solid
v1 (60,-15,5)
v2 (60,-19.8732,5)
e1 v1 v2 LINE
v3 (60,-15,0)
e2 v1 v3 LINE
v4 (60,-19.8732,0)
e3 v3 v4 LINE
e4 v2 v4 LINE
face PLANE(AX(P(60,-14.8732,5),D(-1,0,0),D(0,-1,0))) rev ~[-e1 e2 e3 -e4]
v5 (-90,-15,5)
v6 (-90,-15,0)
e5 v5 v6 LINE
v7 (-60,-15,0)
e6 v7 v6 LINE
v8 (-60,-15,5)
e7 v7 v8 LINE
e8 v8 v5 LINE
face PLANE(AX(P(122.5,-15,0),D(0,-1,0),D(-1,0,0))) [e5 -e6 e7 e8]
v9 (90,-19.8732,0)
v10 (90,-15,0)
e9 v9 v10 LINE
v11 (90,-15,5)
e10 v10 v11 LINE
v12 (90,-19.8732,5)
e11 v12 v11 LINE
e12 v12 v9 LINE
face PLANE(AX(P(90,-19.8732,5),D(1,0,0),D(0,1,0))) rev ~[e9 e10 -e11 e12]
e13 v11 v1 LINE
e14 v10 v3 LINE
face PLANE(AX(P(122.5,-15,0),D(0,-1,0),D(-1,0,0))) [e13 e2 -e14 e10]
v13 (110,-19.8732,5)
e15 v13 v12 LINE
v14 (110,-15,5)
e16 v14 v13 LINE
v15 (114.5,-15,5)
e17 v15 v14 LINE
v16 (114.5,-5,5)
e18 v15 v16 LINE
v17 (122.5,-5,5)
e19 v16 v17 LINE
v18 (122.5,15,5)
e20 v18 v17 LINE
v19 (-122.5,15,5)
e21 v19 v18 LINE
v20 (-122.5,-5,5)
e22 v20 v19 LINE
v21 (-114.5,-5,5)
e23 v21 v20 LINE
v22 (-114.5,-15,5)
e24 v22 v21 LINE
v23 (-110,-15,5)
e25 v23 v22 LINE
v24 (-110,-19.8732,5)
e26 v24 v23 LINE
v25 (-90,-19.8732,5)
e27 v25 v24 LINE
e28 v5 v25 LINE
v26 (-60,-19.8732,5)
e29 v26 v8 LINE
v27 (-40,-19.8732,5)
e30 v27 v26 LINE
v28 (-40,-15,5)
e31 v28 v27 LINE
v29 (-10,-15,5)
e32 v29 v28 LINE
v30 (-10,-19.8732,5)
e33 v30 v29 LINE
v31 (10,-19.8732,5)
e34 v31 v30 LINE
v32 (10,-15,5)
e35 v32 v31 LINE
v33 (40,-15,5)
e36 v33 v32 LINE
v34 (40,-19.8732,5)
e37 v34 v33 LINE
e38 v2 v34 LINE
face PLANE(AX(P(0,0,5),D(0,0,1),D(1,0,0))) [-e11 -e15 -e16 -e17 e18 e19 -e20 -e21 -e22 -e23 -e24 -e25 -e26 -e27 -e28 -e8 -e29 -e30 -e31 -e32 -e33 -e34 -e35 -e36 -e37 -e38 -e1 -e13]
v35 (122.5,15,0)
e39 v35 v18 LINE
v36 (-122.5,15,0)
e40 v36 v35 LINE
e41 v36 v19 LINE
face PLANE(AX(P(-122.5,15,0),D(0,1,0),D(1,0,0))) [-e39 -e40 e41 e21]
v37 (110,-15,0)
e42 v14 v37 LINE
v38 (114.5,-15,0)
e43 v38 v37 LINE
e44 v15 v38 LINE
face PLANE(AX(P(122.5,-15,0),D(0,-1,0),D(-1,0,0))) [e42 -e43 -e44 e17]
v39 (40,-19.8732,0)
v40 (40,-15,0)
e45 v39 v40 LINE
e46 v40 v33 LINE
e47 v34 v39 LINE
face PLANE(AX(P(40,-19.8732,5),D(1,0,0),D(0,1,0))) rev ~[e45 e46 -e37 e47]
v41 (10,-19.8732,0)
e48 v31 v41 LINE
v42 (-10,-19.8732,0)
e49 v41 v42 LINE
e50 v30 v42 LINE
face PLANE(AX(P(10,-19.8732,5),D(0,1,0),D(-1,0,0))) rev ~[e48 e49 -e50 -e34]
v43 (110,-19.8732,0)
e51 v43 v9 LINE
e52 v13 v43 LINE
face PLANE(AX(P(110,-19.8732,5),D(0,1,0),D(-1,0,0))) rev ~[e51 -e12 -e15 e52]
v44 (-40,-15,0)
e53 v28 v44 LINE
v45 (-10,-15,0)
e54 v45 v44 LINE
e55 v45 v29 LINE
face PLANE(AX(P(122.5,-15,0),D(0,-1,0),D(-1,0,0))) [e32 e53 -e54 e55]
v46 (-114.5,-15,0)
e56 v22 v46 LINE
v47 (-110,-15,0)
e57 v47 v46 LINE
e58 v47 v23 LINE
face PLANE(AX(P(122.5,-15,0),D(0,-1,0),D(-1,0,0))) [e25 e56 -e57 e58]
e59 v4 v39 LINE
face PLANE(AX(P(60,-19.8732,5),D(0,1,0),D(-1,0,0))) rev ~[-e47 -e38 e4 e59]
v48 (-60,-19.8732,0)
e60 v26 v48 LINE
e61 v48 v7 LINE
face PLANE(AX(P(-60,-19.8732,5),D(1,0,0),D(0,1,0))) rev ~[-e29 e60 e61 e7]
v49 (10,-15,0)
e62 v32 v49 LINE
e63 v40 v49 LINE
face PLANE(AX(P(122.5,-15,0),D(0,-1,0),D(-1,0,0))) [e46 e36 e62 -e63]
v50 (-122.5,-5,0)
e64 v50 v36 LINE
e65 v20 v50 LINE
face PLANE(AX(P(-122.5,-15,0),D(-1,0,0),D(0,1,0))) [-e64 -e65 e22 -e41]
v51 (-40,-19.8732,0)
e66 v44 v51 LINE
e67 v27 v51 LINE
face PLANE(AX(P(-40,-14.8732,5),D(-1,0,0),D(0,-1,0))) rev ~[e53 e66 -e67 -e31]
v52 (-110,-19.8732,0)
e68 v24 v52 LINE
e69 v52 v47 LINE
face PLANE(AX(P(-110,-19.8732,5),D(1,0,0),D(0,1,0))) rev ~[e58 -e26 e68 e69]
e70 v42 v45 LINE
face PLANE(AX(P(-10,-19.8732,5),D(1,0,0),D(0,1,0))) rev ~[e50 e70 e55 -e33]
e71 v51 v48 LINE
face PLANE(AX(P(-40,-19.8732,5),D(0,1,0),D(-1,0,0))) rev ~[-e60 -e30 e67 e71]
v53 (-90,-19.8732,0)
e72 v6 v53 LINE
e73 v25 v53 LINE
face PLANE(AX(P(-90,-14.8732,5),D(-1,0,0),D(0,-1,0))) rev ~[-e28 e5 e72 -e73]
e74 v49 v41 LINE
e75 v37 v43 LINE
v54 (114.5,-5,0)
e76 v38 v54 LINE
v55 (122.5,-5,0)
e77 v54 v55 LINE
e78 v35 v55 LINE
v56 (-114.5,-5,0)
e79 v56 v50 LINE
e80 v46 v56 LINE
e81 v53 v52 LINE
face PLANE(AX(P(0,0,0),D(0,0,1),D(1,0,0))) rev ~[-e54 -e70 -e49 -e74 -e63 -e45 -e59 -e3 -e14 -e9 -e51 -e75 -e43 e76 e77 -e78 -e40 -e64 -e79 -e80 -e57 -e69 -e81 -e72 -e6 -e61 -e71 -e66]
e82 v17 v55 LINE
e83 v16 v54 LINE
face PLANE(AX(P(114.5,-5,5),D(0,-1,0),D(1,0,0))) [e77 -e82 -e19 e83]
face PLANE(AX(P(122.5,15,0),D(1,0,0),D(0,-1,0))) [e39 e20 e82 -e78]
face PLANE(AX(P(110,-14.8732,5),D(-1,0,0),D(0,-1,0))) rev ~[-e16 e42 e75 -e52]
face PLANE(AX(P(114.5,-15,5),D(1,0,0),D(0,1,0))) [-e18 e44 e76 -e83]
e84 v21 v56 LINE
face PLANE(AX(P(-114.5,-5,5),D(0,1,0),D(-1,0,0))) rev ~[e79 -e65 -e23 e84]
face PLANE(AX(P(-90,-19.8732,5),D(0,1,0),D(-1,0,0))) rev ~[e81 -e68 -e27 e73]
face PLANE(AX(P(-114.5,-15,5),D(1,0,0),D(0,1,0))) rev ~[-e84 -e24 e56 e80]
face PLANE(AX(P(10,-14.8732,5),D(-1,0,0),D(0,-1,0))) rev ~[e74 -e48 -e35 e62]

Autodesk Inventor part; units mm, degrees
ref_plane "YZ Plane" through (0, 0, 0) normal (1, 0, 0) x (0, 1, 0)
ref_plane "XZ Plane" through (0, 0, 0) normal (0, 1, 0) x (-1, 0, 0)
ref_plane "XY Plane" through (0, 0, 0) normal (0, 0, 1) x (1, 0, 0)
sketch "Sketch1" plane through (0, 0, 0) normal (0, 0, 1) x (1, 0, 0)
  line L0 (-122.5, 15) -> (122.5, 15)
  line L1 (122.5, 15) -> (122.5, -15)
  line L2 (122.5, -15) -> (-122.5, -15)
  line L3 (-122.5, -15) -> (-122.5, 15)
  line L4 (-122.5, 15) -> (122.5, -15) construction
  line L5 (122.5, 15) -> (-122.5, -15) construction
  point P0 (0, 0)
  dimension "d0" = 30
  dimension "d1" = 245
extrude "Extrusion1" add sketch "Sketch1" along normal blind 5
sketch "Sketch2" plane through (0, 0, 5) normal (0, 0, 1) x (1, 0, 0)
  line L0 (-110, -14.8732) -> (-90, -14.8732)
  line L1 (-90, -14.8732) -> (-90, -19.8732)
  line L2 (-90, -19.8732) -> (-110, -19.8732)
  line L3 (-110, -19.8732) -> (-110, -14.8732)
  line L4 (-122.5, 15) -> (-122.5, -15) projected
  line L5 (-60, -14.8732) -> (-40, -14.8732)
  line L6 (-40, -14.8732) -> (-40, -19.8732)
  line L7 (-40, -19.8732) -> (-60, -19.8732)
  line L8 (-60, -19.8732) -> (-60, -14.8732)
  line L9 (-10, -14.8732) -> (10, -14.8732)
  line L10 (10, -14.8732) -> (10, -19.8732)
  line L11 (10, -19.8732) -> (-10, -19.8732)
  line L12 (-10, -19.8732) -> (-10, -14.8732)
  line L13 (40, -14.8732) -> (60, -14.8732)
  line L14 (60, -14.8732) -> (60, -19.8732)
  line L15 (60, -19.8732) -> (40, -19.8732)
  line L16 (40, -19.8732) -> (40, -14.8732)
  line L17 (90, -14.8732) -> (110, -14.8732)
  line L18 (110, -14.8732) -> (110, -19.8732)
  line L19 (110, -19.8732) -> (90, -19.8732)
  line L20 (90, -19.8732) -> (90, -14.8732)
  point P0 (0, 0)
  dimension "d4" = 20
  dimension "d5" = 5
  dimension "d6" = 12.5
  dimension "d9" = 50
extrude "Extrusion2" add sketch "Sketch2" against normal blind 5
sketch "Sketch3" plane through (0, 0, 5) normal (0, 0, 1) x (1, 0, 0)
  line L0 (-122.5, 15) -> (-122.5, -15) projected
  line L1 (-122.5, -15) -> (-114.5, -15)
  line L2 (-114.5, -15) -> (-114.5, -5)
  line L3 (-114.5, -5) -> (-122.5, -5)
  line L4 (-122.5, -5) -> (-122.5, -15)
  line L5 (0, 0) -> (0, -7.9678)
  line L6 (122.5, -15) -> (114.5, -15)
  line L7 (114.5, -15) -> (114.5, -5)
  line L8 (114.5, -5) -> (122.5, -5)
  line L9 (122.5, -5) -> (122.5, -15)
  dimension "d18" = 8
  dimension "d19" = 10
extrude "Extrusion3" cut sketch "Sketch3" against normal blind 5
properties part number "Divisória-24cm"
